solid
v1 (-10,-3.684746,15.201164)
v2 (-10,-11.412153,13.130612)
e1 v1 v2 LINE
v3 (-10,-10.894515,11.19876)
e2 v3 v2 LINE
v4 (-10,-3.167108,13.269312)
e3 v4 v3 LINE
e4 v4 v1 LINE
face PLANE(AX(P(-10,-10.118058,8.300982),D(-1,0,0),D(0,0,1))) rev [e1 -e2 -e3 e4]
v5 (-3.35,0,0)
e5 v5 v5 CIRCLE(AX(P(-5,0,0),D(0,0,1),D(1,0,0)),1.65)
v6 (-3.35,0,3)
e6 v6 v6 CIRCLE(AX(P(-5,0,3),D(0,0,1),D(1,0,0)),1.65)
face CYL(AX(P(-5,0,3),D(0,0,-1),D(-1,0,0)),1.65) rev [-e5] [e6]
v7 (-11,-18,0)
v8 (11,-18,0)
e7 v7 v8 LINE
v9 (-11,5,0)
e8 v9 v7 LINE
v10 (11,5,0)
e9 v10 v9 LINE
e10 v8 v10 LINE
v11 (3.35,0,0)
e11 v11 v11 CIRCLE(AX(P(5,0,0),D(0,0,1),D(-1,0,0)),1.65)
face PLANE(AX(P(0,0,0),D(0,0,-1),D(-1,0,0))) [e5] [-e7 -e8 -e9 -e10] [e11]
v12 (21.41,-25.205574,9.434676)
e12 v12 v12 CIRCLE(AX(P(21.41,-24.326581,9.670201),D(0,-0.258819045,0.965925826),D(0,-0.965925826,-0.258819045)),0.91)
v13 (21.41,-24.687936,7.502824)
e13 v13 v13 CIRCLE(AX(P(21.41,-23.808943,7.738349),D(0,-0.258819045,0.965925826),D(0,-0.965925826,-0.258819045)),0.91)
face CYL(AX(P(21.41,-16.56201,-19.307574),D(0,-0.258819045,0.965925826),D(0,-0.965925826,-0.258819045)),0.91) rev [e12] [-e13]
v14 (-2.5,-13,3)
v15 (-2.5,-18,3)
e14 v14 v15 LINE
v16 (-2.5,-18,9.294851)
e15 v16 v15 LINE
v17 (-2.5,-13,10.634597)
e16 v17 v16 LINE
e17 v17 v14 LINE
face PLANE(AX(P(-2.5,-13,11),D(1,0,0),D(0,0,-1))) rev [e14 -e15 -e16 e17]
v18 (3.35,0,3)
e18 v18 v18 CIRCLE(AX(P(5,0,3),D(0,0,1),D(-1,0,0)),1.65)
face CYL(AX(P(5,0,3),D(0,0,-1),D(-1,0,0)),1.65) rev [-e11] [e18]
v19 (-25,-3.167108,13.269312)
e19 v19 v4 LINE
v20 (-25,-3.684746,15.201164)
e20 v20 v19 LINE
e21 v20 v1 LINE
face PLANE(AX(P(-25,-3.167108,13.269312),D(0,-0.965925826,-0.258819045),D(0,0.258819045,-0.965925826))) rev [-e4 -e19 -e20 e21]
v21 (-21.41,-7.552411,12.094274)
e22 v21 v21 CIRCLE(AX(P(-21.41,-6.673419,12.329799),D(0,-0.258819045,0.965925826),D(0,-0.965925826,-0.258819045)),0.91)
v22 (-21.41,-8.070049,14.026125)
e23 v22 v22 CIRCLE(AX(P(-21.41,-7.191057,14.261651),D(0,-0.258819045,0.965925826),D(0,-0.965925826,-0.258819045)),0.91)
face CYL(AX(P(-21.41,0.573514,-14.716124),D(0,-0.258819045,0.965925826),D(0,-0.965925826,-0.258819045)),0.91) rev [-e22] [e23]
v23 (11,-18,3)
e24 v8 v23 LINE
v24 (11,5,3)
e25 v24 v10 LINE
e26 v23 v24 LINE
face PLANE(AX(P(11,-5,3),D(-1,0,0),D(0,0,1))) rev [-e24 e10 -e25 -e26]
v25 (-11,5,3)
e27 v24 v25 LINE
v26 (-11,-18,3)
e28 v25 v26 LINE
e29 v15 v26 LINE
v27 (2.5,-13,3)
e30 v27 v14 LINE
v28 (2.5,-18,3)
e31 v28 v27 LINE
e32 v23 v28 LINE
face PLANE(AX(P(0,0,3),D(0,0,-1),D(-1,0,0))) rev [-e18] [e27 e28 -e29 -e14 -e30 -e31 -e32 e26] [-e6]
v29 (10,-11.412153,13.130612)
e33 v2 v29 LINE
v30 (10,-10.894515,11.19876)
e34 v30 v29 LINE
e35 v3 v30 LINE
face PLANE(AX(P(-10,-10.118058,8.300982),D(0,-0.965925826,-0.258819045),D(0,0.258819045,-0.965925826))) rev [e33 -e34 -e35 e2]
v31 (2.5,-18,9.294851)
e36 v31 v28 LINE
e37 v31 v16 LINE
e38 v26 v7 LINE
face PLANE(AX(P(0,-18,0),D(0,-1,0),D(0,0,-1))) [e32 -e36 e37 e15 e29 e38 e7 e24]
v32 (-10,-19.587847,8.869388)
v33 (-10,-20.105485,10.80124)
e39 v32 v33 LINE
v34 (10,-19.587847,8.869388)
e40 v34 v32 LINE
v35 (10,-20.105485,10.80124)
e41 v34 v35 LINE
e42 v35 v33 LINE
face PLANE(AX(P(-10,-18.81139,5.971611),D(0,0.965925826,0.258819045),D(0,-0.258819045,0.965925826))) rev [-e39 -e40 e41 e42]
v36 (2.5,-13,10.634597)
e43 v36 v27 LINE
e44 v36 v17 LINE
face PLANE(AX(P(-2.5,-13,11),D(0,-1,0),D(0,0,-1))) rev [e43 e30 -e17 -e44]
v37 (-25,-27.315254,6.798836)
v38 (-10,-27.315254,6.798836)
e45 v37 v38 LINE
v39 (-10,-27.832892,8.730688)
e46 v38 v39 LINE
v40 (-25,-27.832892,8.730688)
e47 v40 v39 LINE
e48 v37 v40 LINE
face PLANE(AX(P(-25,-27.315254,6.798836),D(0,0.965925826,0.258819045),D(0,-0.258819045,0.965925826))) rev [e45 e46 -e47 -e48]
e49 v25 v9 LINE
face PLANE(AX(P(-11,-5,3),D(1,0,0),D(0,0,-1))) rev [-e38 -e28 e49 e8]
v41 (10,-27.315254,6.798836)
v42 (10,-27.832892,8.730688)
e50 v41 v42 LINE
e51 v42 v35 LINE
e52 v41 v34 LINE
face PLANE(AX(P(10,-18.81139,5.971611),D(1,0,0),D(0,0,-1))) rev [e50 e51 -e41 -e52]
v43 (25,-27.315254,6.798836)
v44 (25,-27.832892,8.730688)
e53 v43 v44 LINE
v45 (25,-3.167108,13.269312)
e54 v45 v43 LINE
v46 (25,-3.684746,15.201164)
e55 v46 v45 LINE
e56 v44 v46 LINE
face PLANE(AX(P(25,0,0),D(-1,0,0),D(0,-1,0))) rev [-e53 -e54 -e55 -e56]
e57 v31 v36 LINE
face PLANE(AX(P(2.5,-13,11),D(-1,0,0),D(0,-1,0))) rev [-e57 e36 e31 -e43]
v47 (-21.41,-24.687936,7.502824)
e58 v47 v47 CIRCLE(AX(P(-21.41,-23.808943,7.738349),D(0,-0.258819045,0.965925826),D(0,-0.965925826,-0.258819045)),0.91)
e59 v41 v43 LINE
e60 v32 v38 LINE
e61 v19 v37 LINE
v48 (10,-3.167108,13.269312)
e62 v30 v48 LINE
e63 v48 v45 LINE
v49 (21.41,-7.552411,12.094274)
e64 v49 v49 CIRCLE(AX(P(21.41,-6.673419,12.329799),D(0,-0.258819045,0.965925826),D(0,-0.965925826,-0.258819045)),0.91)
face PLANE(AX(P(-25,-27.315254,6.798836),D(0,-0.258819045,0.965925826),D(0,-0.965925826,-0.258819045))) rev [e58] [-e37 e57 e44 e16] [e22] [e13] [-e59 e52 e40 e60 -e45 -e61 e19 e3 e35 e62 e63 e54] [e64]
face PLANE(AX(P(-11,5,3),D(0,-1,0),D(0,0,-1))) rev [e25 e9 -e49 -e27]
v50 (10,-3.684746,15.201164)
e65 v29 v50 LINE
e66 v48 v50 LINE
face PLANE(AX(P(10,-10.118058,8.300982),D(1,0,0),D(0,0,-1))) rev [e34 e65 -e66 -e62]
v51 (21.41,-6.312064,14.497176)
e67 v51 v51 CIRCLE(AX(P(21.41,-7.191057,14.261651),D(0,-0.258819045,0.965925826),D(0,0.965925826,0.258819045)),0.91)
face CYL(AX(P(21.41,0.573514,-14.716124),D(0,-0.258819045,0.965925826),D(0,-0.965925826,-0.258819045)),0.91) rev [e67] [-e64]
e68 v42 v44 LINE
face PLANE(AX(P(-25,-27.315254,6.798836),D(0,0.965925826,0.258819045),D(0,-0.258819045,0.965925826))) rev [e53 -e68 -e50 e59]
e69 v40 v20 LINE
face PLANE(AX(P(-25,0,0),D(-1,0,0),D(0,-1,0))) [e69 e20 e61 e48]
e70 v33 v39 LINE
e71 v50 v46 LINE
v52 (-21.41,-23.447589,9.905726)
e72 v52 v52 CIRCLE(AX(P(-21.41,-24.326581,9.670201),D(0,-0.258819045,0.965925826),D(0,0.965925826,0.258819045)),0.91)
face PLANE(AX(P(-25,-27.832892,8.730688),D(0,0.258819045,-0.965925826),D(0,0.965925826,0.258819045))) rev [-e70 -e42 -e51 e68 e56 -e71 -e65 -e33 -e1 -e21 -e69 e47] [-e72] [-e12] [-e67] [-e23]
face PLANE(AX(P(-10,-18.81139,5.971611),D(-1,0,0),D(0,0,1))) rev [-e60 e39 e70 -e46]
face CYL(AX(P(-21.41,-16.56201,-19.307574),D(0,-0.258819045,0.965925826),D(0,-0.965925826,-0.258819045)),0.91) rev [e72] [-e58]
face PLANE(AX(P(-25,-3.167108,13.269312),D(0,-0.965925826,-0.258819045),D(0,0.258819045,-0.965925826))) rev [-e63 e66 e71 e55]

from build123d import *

# Parameters (mm, degrees)
SKETCH_1_W          = 22
SKETCH_1_H          = 10
SKETCH_1_R          = 1.65
EXTRUDE_1_DEPTH     = 3
SKETCH_2_W          = 22
SKETCH_2_H          = 3
EXTRUDE_2_DEPTH     = 13
SKETCH_4_W          = 5
SKETCH_4_H          = 5
EXTRUDE_3_DEPTH     = 8
EXTRUDE_4_DEPTH     = 25
SKETCH_7_R          = 0.91
CUT_EXTRUDE_1_DEPTH = 30
SKETCH_8_W          = 20
SKETCH_8_H          = 8
CUT_EXTRUDE_2_DEPTH = 5


with BuildPart() as part:
    # 草图1 → 凸台-拉伸1 (new body)
    with BuildSketch(Plane.XY):
        Rectangle(SKETCH_1_W, SKETCH_1_H)
        with Locations((-5, 0)):
            Circle(SKETCH_1_R, mode=Mode.SUBTRACT)
        with Locations(Location((5, 0, 0), (0, 0, 180))):
            Circle(SKETCH_1_R, mode=Mode.SUBTRACT)
    extrude(amount=EXTRUDE_1_DEPTH)

    # 草图2 → 凸台-拉伸2 (add)
    with BuildSketch(Plane.XZ.offset(5)):
        with Locations((0, 1.5)):
            Rectangle(SKETCH_2_W, SKETCH_2_H)
    extrude(amount=EXTRUDE_2_DEPTH)

    # 草图4 → 凸台-拉伸3 (add)
    with BuildSketch(Plane.XY.offset(3)):
        with Locations((0, -15.5)):
            Rectangle(SKETCH_4_W, SKETCH_4_H)
    extrude(amount=EXTRUDE_3_DEPTH)

    # 草图6 → 凸台-拉伸4 (add, symmetric)
    with BuildSketch(Plane.ZY):
        Polygon((6.79883611, -27.315253784), (13.269312237, -3.167108126), (15.20116389, -3.684746216), (8.730687763, -27.832891874), align=None)
    extrude(amount=EXTRUDE_4_DEPTH, both=True)

    # 草图7 → 切除-拉伸1 (cut)
    with BuildSketch(Plane(origin=(0, -4.047122166, 15.104065547), x_dir=(1, 0, 0), z_dir=(0, -0.25881904510251497, 0.9659258262890699))):
        with Locations(Location((-21.41, -3.254840811, 0), (0, 0, 270))):
            Circle(SKETCH_7_R)
        with Locations(Location((21.41, -3.254840811, 0), (0, 0, 270))):
            Circle(SKETCH_7_R)
        with Locations(Location((21.41, -20.994840811, 0), (0, 0, 270))):
            Circle(SKETCH_7_R)
        with Locations(Location((-21.41, -20.994840811, 0), (0, 0, 270))):
            Circle(SKETCH_7_R)
    extrude(amount=-CUT_EXTRUDE_1_DEPTH, mode=Mode.SUBTRACT)

    # 草图8 → 切除-拉伸2 (cut)
    with BuildSketch(Plane(origin=(0, -4.047122166, 15.104065547), x_dir=(1, 0, 0), z_dir=(0, -0.25881904510251497, 0.9659258262890699))):
        with Locations((0, -3.624840811)):
            Rectangle(SKETCH_8_W, SKETCH_8_H)
        with Locations((0, -20.624840811)):
            Rectangle(SKETCH_8_W, SKETCH_8_H)
    extrude(amount=-CUT_EXTRUDE_2_DEPTH, mode=Mode.SUBTRACT)


solid = part.part
